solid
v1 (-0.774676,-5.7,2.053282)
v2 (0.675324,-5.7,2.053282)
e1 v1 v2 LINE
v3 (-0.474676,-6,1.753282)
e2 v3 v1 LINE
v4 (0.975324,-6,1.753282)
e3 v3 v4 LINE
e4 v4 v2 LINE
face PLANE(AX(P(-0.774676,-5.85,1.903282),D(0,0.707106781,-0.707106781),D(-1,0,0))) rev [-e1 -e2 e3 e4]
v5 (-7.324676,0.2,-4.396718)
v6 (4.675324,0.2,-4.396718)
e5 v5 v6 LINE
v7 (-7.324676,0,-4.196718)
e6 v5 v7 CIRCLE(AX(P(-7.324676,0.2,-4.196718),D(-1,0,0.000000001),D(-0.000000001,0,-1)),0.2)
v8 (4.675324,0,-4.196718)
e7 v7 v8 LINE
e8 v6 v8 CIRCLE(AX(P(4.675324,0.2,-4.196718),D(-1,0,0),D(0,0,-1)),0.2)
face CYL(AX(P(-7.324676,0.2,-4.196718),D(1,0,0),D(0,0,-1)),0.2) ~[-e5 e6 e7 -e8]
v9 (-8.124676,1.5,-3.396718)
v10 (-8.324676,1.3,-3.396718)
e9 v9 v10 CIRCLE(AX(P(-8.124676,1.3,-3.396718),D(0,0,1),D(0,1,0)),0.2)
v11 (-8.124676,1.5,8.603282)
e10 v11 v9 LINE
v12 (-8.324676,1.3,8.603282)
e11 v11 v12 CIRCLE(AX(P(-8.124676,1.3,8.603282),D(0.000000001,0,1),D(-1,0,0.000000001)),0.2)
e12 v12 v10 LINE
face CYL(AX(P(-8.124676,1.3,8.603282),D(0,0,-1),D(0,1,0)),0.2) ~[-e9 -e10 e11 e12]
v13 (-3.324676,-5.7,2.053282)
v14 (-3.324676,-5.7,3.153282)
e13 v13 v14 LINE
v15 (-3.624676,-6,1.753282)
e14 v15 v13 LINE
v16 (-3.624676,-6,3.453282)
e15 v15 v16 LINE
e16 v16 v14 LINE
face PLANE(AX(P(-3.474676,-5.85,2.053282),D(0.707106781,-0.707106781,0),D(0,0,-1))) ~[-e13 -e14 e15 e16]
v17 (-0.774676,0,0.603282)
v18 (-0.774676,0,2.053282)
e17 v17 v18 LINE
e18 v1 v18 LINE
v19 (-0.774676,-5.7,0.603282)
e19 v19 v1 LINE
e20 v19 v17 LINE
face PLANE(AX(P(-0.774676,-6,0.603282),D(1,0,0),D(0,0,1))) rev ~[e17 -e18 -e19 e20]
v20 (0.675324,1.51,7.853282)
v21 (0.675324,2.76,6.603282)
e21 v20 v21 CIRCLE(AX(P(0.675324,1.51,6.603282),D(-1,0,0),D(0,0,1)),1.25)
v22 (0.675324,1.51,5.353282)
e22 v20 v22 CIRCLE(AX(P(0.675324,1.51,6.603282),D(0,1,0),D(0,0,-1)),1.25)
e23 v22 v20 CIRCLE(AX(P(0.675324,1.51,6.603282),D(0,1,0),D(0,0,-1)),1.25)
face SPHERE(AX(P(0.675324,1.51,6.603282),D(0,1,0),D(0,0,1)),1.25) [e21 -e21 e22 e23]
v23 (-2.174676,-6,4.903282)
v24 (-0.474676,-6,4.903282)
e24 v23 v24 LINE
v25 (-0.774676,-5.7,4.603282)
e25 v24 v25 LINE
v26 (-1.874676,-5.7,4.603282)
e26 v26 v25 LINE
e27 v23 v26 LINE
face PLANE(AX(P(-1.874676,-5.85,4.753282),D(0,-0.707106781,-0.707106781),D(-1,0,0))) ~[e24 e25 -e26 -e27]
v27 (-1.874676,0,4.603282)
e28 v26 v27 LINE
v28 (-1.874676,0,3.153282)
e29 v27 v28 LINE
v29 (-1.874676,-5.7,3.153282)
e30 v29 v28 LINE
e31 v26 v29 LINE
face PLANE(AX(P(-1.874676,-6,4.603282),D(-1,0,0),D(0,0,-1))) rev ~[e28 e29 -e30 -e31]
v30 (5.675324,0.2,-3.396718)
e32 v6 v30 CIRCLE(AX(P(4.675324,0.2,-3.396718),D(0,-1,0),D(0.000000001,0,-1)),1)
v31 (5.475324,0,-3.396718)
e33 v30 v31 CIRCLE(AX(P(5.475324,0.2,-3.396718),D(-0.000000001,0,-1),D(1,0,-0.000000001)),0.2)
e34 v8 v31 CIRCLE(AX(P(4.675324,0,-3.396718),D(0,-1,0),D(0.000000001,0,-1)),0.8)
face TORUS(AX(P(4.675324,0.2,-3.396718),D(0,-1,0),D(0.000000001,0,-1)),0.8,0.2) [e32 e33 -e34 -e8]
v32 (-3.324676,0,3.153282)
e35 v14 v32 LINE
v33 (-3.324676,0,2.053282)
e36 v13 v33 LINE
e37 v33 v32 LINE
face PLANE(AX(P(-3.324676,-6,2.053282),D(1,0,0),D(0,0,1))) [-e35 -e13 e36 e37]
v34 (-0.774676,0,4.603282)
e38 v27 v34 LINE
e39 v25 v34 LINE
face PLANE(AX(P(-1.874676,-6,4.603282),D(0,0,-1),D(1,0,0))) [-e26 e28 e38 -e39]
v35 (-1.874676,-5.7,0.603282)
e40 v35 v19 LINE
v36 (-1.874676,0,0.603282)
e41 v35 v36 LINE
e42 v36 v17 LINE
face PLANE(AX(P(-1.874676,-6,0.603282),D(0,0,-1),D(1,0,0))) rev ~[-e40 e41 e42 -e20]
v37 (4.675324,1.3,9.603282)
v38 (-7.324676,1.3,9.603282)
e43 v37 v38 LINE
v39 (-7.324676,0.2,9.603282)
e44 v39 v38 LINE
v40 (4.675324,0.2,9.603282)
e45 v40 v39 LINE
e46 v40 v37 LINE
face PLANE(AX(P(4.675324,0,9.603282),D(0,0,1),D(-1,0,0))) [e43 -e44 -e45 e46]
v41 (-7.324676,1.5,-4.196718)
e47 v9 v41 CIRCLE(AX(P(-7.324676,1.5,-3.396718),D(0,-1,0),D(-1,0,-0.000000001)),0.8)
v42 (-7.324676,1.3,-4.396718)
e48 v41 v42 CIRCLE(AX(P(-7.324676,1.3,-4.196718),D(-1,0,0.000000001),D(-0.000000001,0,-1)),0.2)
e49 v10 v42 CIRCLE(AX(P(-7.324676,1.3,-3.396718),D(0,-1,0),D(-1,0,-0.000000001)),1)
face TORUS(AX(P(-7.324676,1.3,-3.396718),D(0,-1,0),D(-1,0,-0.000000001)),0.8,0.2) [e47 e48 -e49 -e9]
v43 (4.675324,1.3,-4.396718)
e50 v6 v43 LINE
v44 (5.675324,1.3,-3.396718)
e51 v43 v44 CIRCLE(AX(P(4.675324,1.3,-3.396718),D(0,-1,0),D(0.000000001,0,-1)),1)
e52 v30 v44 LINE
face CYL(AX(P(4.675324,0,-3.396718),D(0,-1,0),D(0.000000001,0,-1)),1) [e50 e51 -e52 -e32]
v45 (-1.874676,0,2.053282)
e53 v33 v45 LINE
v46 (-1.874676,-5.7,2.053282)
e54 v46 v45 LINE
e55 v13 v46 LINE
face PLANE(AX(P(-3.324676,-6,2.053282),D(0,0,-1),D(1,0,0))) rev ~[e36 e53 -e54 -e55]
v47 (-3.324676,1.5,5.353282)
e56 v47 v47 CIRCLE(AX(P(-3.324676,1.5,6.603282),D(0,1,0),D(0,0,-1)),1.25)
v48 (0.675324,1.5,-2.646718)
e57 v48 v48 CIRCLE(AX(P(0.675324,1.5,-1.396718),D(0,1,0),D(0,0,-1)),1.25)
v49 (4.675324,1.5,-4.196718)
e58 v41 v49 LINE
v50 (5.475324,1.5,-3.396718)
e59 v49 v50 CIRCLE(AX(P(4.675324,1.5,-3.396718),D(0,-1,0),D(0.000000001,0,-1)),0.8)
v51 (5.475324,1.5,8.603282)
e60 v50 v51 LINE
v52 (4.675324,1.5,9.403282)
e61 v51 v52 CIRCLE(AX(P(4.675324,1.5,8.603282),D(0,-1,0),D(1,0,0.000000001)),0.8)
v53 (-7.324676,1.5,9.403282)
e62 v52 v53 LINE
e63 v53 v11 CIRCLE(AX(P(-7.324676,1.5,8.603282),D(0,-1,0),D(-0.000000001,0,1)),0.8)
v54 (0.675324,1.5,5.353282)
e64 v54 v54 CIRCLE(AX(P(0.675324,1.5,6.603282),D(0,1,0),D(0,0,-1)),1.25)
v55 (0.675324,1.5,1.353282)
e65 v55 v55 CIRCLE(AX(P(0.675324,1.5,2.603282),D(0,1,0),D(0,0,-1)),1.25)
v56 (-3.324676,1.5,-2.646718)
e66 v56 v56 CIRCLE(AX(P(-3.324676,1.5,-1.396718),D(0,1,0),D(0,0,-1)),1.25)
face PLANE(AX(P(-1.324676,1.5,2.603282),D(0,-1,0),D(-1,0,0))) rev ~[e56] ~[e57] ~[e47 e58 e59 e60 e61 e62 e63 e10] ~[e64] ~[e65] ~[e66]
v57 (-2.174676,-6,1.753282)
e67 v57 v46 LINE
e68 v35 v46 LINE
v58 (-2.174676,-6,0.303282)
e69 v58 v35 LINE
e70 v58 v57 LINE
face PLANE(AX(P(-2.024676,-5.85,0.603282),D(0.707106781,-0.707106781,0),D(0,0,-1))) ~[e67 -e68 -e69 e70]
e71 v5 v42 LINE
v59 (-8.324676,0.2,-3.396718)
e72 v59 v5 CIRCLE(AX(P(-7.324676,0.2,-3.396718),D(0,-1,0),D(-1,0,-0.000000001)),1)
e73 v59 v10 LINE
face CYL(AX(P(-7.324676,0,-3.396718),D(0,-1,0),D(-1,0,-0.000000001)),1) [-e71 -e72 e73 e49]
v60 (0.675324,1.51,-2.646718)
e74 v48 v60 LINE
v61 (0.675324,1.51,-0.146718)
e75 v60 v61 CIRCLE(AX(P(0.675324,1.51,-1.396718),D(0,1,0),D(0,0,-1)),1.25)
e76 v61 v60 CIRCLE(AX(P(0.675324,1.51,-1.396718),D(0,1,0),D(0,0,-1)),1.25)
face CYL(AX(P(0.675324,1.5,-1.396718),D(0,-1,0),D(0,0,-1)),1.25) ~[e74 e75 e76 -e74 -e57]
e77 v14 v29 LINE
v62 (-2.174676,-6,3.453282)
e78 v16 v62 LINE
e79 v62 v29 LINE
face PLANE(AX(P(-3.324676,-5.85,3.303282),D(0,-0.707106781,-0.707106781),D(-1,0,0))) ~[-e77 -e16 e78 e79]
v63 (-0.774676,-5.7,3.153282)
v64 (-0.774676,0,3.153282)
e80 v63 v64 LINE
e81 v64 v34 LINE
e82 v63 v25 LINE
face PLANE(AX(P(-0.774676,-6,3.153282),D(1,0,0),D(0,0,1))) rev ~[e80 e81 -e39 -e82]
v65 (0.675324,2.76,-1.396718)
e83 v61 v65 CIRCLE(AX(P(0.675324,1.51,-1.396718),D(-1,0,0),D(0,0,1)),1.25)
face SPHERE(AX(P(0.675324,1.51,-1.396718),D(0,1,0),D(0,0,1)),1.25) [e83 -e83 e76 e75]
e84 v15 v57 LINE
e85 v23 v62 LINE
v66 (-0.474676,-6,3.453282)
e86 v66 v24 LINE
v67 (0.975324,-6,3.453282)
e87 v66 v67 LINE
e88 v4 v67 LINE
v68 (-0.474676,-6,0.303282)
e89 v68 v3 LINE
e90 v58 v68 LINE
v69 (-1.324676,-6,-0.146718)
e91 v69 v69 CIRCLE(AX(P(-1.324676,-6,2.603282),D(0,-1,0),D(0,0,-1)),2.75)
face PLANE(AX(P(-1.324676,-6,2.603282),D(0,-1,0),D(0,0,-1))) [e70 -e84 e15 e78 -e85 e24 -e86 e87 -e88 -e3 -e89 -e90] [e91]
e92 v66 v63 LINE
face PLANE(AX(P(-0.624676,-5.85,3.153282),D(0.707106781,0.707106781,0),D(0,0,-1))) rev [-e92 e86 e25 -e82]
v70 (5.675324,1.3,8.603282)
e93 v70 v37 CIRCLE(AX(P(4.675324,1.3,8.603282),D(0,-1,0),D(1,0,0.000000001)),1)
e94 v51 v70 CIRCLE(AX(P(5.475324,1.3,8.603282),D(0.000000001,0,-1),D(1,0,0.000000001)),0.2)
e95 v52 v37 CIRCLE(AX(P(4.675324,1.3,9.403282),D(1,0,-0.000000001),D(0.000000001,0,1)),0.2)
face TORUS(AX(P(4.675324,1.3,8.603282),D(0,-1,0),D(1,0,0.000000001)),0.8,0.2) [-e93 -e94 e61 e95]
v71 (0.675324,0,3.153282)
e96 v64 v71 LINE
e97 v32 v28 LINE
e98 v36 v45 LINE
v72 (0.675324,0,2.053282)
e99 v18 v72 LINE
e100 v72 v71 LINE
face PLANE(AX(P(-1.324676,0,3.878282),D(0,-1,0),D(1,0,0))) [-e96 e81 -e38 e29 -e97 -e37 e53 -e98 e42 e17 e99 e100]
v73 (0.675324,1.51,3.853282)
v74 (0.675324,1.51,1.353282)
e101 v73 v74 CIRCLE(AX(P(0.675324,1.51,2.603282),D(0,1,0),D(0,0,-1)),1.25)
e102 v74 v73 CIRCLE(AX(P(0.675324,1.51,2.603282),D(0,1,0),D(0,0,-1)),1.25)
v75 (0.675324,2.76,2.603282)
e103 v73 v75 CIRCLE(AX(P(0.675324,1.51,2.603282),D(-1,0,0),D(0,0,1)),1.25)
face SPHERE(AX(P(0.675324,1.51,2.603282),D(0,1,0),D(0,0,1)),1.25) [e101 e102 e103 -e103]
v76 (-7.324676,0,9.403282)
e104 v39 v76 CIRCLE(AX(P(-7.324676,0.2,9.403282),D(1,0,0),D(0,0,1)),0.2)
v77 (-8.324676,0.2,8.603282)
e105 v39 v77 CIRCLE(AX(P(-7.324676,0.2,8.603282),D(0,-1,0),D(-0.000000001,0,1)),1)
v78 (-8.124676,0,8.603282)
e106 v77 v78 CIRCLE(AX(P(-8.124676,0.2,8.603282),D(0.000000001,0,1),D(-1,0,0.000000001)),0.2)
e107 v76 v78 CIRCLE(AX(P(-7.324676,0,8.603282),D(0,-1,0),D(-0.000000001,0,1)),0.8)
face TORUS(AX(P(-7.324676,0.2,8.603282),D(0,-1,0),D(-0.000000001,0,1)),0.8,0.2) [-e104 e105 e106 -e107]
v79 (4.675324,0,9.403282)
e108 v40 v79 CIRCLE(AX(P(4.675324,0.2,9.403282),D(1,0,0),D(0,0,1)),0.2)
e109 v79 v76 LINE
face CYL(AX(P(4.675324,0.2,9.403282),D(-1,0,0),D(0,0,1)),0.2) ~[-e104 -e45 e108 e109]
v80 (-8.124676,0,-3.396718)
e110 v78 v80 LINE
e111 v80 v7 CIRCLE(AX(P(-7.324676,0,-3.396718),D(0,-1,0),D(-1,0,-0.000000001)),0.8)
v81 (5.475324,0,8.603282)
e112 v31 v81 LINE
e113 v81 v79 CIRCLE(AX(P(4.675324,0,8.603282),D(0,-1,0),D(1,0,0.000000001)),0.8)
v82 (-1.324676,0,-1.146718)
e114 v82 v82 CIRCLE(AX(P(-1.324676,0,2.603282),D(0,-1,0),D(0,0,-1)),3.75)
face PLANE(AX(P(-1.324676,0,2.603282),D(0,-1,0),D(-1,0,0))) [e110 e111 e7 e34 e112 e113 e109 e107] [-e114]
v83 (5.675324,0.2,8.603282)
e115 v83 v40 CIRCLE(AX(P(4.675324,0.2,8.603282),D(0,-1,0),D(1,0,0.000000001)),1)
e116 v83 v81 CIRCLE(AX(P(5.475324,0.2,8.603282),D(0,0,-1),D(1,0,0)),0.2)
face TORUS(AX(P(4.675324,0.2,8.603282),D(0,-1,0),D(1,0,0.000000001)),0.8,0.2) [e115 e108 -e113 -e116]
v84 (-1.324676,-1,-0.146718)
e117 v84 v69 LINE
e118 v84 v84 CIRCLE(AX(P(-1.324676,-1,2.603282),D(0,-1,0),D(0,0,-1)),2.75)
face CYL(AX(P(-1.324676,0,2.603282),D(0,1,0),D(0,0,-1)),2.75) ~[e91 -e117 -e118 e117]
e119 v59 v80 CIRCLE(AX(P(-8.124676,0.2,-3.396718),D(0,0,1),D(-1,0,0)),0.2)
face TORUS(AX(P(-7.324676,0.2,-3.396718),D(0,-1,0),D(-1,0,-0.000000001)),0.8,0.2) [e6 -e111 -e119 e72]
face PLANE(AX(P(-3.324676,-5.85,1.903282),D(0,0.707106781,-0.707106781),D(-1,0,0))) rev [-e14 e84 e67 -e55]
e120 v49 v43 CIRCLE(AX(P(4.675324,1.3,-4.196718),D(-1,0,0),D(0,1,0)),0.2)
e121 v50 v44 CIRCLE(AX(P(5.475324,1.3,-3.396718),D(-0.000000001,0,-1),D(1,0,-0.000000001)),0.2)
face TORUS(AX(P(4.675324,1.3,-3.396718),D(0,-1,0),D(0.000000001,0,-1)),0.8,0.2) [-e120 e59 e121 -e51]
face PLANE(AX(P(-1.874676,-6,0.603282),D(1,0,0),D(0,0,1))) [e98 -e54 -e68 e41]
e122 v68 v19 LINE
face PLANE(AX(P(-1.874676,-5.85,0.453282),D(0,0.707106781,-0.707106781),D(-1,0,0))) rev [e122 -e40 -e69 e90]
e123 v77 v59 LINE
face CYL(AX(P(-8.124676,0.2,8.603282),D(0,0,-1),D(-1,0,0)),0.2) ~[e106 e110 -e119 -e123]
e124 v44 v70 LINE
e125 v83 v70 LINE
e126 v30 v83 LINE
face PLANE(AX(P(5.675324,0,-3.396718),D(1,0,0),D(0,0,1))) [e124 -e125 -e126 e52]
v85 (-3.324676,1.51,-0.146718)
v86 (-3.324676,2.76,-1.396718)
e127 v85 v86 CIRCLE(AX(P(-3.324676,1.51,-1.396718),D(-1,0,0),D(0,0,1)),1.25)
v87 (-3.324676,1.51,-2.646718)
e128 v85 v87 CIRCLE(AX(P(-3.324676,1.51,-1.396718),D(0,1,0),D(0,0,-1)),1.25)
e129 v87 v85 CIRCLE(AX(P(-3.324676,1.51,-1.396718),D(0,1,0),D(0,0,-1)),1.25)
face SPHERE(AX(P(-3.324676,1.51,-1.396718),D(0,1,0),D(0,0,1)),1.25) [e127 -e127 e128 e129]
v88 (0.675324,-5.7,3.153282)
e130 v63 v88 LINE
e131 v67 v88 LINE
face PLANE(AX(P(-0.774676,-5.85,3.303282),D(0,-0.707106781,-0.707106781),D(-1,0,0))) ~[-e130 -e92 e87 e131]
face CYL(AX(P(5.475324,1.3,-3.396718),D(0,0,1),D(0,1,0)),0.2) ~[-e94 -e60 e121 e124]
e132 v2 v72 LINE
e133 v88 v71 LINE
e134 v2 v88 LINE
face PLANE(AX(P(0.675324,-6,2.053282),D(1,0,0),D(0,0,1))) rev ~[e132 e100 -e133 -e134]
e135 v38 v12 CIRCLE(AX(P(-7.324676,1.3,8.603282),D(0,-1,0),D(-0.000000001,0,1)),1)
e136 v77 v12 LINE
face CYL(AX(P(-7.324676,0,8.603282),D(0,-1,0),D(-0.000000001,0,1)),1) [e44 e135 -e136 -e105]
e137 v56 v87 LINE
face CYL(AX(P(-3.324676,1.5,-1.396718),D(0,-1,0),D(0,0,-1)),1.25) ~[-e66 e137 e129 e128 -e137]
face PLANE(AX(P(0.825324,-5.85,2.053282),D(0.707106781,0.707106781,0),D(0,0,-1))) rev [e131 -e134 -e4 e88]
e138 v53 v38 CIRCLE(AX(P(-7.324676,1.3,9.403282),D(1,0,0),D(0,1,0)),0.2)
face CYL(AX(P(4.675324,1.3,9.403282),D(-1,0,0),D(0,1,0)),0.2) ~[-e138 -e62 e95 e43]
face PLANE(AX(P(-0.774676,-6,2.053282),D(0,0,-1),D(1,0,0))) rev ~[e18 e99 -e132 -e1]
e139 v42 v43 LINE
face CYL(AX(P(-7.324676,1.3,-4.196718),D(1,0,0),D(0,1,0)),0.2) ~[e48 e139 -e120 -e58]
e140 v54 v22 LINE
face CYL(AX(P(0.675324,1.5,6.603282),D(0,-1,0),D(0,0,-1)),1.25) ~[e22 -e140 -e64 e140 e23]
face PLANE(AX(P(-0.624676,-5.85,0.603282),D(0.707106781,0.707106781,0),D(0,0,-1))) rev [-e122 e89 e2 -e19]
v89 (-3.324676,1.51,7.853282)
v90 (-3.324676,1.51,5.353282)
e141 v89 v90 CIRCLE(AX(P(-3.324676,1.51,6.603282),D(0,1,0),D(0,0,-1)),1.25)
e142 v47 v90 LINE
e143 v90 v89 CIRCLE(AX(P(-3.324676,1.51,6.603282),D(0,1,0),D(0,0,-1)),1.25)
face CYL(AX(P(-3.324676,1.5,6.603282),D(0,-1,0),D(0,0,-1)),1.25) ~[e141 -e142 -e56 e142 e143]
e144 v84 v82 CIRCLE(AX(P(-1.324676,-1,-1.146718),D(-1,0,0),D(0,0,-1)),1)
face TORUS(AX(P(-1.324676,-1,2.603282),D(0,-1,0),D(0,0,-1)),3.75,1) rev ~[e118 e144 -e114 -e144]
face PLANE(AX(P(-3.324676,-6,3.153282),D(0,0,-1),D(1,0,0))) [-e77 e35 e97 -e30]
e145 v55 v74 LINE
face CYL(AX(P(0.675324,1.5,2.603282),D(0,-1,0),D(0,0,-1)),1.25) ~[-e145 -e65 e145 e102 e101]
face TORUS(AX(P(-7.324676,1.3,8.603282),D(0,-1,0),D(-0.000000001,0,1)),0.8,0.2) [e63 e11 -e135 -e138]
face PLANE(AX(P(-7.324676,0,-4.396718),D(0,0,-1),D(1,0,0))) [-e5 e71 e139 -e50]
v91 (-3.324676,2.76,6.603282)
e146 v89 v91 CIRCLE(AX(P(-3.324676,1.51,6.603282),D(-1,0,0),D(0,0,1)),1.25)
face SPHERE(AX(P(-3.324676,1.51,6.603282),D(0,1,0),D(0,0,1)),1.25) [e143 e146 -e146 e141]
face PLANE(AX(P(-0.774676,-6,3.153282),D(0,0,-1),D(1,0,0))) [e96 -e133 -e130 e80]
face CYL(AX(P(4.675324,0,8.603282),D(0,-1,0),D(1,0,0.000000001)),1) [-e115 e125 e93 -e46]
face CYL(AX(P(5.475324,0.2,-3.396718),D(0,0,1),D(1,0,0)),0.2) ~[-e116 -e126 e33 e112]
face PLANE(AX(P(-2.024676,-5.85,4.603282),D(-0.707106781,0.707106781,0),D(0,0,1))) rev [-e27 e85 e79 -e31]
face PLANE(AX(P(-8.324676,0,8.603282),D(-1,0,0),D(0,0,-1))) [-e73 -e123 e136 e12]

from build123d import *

# Parameters (mm, degrees)
BOSS_EXTRUDE1_DEPTH = 1.5
SKETCH2_R           = 2.75
BOSS_EXTRUDE2_DEPTH = 6
SKETCH3_W           = 1.1
SKETCH3_H           = 1.45
SKETCH3_W_2         = 1.45
SKETCH3_H_2         = 1.1
CUT_EXTRUDE1_DEPTH  = 6
CHAMFER1_SIZE       = 0.3
FILLET1_R           = 1
SKETCH4_R           = 1.25
BOSS_EXTRUDE3_DEPTH = 0.01
DOME1_FACE_RADIUS   = 1.25
DOME1_HEIGHT        = 1.25
DOME2_FACE_RADIUS   = 1.25
DOME2_HEIGHT        = 1.25
DOME4_FACE_RADIUS   = 1.25
DOME4_HEIGHT        = 1.25
DOME5_FACE_RADIUS   = 1.25
DOME5_HEIGHT        = 1.25
DOME6_FACE_RADIUS   = 1.25
DOME6_HEIGHT        = 1.25
FILLET3_R           = 0.2


with BuildPart() as part:
    # Sketch1 → Boss-Extrude1 (new body)
    with BuildSketch(Plane(origin=(0, 0, 0), x_dir=(1, 0, 0), z_dir=(0, 1, 0))):
        with BuildLine():
            Line((-7.324675649, 4.396717546), (4.675324351, 4.396717546))
            ThreePointArc((4.675324351, 4.396717546), (5.382431132, 4.103824327), (5.675324351, 3.396717546))
            Line((5.675324351, 3.396717546), (5.675324351, -8.603282454))
            ThreePointArc((5.675324351, -8.603282454), (5.382431132, -9.310389235), (4.675324351, -9.603282454))
            Line((4.675324351, -9.603282454), (-7.324675649, -9.603282454))
            ThreePointArc((-7.324675649, -9.603282454), (-8.03178243, -9.310389235), (-8.324675649, -8.603282454))
            Line((-8.324675649, -8.603282454), (-8.324675649, 3.396717546))
            ThreePointArc((-8.324675649, 3.396717546), (-8.03178243, 4.103824327), (-7.324675649, 4.396717546))
        make_face()
    extrude(amount=BOSS_EXTRUDE1_DEPTH)

    # Sketch2 → Boss-Extrude2 (add)
    with BuildSketch(Plane.XZ):
        with Locations(Location((-1.324675649, 2.603282454, 0), (0, 0, 270))):
            Circle(SKETCH2_R)
    extrude(amount=BOSS_EXTRUDE2_DEPTH)

    # Sketch3 → Cut-Extrude1 (cut)
    with BuildSketch(Plane.XZ.offset(6)):
        with Locations((-1.324675649, 3.878282454)):
            Rectangle(SKETCH3_W, SKETCH3_H)
        with Locations((-0.049675649, 2.603282454)):
            Rectangle(SKETCH3_W_2, SKETCH3_H_2)
        with Locations((-1.324675649, 2.603282454)):
            Rectangle(SKETCH3_W, SKETCH3_H_2)
        with Locations((-2.599675649, 2.603282454)):
            Rectangle(SKETCH3_W_2, SKETCH3_H_2)
        with Locations((-1.324675649, 1.328282454)):
            Rectangle(SKETCH3_W, SKETCH3_H)
    extrude(amount=-CUT_EXTRUDE1_DEPTH, mode=Mode.SUBTRACT)

    # Chamfer1
    chamfer1_edges = [part.edges().sort_by_distance(p)[0] for p in [
        (-0.774675649, -6, 3.878282454),
        (-0.049675649, -6, 3.153282454),
        (0.675324351, -6, 2.603282454),
        (-0.774675649, -6, 1.328282454),
        (-2.599675649, -6, 3.153282454),
        (-1.324675649, -6, 4.603282454),
        (-1.874675649, -6, 3.878282454),
        (-3.324675649, -6, 2.603282454),
        (-2.599675649, -6, 2.053282454),
        (-1.874675649, -6, 1.328282454),
        (-1.324675649, -6, 0.603282454),
        (-0.049675649, -6, 2.053282454),
    ]]
    chamfer(chamfer1_edges, length=CHAMFER1_SIZE)

    # Fillet1
    fillet1_edges = [part.edges().sort_by_distance(p)[0] for p in [
        (-1.324675649, 0, 5.353282454),
    ]]
    fillet(fillet1_edges, radius=FILLET1_R)

    # Sketch4 → Boss-Extrude3 (add)
    with BuildSketch(Plane(origin=(0, 1.5, 0), x_dir=(1, 0, 0), z_dir=(0, 1, 0))):
        with Locations(Location((-3.324675649, 1.396717546, 0), (0, 0, 90))):
            Circle(SKETCH4_R)
        with Locations(Location((0.675324351, -2.603282454, 0), (0, 0, 90))):
            Circle(SKETCH4_R)
        with Locations(Location((-3.324675649, -6.603282454, 0), (0, 0, 90))):
            Circle(SKETCH4_R)
        with Locations(Location((0.675324351, -6.603282454, 0), (0, 0, 90))):
            Circle(SKETCH4_R)
        with Locations(Location((0.675324351, 1.396717546, 0), (0, 0, 90))):
            Circle(SKETCH4_R)
    extrude(amount=BOSS_EXTRUDE3_DEPTH)

    # Dome1: a dome of height H over a round flat face of radius A is a cap of a sphere of radius (A * A + H * H) / (2 * H)
    dome1_r = (DOME1_FACE_RADIUS * DOME1_FACE_RADIUS + DOME1_HEIGHT * DOME1_HEIGHT) / (2 * DOME1_HEIGHT)
    dome1_base = Plane((-3.324675649, 1.51, -1.396717546), z_dir=(0, 1, 0))
    with Locations(dome1_base.offset(DOME1_HEIGHT - dome1_r)):
        dome1_ball = Sphere(dome1_r, mode=Mode.PRIVATE)
    add(split(dome1_ball, bisect_by=dome1_base, keep=Keep.TOP, mode=Mode.PRIVATE))

    # Dome2: a dome of height H over a round flat face of radius A is a cap of a sphere of radius (A * A + H * H) / (2 * H)
    dome2_r = (DOME2_FACE_RADIUS * DOME2_FACE_RADIUS + DOME2_HEIGHT * DOME2_HEIGHT) / (2 * DOME2_HEIGHT)
    dome2_base = Plane((0.675324351, 1.51, -1.396717546), z_dir=(0, 1, 0))
    with Locations(dome2_base.offset(DOME2_HEIGHT - dome2_r)):
        dome2_ball = Sphere(dome2_r, mode=Mode.PRIVATE)
    add(split(dome2_ball, bisect_by=dome2_base, keep=Keep.TOP, mode=Mode.PRIVATE))

    # Dome4: a dome of height H over a round flat face of radius A is a cap of a sphere of radius (A * A + H * H) / (2 * H)
    dome4_r = (DOME4_FACE_RADIUS * DOME4_FACE_RADIUS + DOME4_HEIGHT * DOME4_HEIGHT) / (2 * DOME4_HEIGHT)
    dome4_base = Plane((0.675324351, 1.51, 2.603282454), z_dir=(0, 1, 0))
    with Locations(dome4_base.offset(DOME4_HEIGHT - dome4_r)):
        dome4_ball = Sphere(dome4_r, mode=Mode.PRIVATE)
    add(split(dome4_ball, bisect_by=dome4_base, keep=Keep.TOP, mode=Mode.PRIVATE))

    # Dome5: a dome of height H over a round flat face of radius A is a cap of a sphere of radius (A * A + H * H) / (2 * H)
    dome5_r = (DOME5_FACE_RADIUS * DOME5_FACE_RADIUS + DOME5_HEIGHT * DOME5_HEIGHT) / (2 * DOME5_HEIGHT)
    dome5_base = Plane((-3.324675649, 1.51, 6.603282454), z_dir=(0, 1, 0))
    with Locations(dome5_base.offset(DOME5_HEIGHT - dome5_r)):
        dome5_ball = Sphere(dome5_r, mode=Mode.PRIVATE)
    add(split(dome5_ball, bisect_by=dome5_base, keep=Keep.TOP, mode=Mode.PRIVATE))

    # Dome6: a dome of height H over a round flat face of radius A is a cap of a sphere of radius (A * A + H * H) / (2 * H)
    dome6_r = (DOME6_FACE_RADIUS * DOME6_FACE_RADIUS + DOME6_HEIGHT * DOME6_HEIGHT) / (2 * DOME6_HEIGHT)
    dome6_base = Plane((0.675324351, 1.51, 6.603282454), z_dir=(0, 1, 0))
    with Locations(dome6_base.offset(DOME6_HEIGHT - dome6_r)):
        dome6_ball = Sphere(dome6_r, mode=Mode.PRIVATE)
    add(split(dome6_ball, bisect_by=dome6_base, keep=Keep.TOP, mode=Mode.PRIVATE))

    # Fillet3
    fillet3_edges = [part.edges().sort_by_distance(p)[0] for p in [
        (5.382431132, 1.5, 9.310389235),
        (-1.324675649, 0, 9.603282454),
        (-8.03178243, 0, 9.310389235),
        (5.675324351, 1.5, 2.603282454),
        (5.382431132, 1.5, -4.103824327),
        (-1.324675649, 1.5, -4.396717546),
        (-8.03178243, 1.5, -4.103824327),
        (-8.324675649, 1.5, 2.603282454),
        (-8.03178243, 1.5, 9.310389235),
        (-1.324675649, 1.5, 9.603282454),
        (-8.324675649, 0, 2.603282454),
        (-8.03178243, 0, -4.103824327),
        (-1.324675649, 0, -4.396717546),
        (5.382431132, 0, -4.103824327),
        (5.675324351, 0, 2.603282454),
        (5.382431132, 0, 9.310389235),
    ]]
    fillet(fillet3_edges, radius=FILLET3_R)


solid = part.part
